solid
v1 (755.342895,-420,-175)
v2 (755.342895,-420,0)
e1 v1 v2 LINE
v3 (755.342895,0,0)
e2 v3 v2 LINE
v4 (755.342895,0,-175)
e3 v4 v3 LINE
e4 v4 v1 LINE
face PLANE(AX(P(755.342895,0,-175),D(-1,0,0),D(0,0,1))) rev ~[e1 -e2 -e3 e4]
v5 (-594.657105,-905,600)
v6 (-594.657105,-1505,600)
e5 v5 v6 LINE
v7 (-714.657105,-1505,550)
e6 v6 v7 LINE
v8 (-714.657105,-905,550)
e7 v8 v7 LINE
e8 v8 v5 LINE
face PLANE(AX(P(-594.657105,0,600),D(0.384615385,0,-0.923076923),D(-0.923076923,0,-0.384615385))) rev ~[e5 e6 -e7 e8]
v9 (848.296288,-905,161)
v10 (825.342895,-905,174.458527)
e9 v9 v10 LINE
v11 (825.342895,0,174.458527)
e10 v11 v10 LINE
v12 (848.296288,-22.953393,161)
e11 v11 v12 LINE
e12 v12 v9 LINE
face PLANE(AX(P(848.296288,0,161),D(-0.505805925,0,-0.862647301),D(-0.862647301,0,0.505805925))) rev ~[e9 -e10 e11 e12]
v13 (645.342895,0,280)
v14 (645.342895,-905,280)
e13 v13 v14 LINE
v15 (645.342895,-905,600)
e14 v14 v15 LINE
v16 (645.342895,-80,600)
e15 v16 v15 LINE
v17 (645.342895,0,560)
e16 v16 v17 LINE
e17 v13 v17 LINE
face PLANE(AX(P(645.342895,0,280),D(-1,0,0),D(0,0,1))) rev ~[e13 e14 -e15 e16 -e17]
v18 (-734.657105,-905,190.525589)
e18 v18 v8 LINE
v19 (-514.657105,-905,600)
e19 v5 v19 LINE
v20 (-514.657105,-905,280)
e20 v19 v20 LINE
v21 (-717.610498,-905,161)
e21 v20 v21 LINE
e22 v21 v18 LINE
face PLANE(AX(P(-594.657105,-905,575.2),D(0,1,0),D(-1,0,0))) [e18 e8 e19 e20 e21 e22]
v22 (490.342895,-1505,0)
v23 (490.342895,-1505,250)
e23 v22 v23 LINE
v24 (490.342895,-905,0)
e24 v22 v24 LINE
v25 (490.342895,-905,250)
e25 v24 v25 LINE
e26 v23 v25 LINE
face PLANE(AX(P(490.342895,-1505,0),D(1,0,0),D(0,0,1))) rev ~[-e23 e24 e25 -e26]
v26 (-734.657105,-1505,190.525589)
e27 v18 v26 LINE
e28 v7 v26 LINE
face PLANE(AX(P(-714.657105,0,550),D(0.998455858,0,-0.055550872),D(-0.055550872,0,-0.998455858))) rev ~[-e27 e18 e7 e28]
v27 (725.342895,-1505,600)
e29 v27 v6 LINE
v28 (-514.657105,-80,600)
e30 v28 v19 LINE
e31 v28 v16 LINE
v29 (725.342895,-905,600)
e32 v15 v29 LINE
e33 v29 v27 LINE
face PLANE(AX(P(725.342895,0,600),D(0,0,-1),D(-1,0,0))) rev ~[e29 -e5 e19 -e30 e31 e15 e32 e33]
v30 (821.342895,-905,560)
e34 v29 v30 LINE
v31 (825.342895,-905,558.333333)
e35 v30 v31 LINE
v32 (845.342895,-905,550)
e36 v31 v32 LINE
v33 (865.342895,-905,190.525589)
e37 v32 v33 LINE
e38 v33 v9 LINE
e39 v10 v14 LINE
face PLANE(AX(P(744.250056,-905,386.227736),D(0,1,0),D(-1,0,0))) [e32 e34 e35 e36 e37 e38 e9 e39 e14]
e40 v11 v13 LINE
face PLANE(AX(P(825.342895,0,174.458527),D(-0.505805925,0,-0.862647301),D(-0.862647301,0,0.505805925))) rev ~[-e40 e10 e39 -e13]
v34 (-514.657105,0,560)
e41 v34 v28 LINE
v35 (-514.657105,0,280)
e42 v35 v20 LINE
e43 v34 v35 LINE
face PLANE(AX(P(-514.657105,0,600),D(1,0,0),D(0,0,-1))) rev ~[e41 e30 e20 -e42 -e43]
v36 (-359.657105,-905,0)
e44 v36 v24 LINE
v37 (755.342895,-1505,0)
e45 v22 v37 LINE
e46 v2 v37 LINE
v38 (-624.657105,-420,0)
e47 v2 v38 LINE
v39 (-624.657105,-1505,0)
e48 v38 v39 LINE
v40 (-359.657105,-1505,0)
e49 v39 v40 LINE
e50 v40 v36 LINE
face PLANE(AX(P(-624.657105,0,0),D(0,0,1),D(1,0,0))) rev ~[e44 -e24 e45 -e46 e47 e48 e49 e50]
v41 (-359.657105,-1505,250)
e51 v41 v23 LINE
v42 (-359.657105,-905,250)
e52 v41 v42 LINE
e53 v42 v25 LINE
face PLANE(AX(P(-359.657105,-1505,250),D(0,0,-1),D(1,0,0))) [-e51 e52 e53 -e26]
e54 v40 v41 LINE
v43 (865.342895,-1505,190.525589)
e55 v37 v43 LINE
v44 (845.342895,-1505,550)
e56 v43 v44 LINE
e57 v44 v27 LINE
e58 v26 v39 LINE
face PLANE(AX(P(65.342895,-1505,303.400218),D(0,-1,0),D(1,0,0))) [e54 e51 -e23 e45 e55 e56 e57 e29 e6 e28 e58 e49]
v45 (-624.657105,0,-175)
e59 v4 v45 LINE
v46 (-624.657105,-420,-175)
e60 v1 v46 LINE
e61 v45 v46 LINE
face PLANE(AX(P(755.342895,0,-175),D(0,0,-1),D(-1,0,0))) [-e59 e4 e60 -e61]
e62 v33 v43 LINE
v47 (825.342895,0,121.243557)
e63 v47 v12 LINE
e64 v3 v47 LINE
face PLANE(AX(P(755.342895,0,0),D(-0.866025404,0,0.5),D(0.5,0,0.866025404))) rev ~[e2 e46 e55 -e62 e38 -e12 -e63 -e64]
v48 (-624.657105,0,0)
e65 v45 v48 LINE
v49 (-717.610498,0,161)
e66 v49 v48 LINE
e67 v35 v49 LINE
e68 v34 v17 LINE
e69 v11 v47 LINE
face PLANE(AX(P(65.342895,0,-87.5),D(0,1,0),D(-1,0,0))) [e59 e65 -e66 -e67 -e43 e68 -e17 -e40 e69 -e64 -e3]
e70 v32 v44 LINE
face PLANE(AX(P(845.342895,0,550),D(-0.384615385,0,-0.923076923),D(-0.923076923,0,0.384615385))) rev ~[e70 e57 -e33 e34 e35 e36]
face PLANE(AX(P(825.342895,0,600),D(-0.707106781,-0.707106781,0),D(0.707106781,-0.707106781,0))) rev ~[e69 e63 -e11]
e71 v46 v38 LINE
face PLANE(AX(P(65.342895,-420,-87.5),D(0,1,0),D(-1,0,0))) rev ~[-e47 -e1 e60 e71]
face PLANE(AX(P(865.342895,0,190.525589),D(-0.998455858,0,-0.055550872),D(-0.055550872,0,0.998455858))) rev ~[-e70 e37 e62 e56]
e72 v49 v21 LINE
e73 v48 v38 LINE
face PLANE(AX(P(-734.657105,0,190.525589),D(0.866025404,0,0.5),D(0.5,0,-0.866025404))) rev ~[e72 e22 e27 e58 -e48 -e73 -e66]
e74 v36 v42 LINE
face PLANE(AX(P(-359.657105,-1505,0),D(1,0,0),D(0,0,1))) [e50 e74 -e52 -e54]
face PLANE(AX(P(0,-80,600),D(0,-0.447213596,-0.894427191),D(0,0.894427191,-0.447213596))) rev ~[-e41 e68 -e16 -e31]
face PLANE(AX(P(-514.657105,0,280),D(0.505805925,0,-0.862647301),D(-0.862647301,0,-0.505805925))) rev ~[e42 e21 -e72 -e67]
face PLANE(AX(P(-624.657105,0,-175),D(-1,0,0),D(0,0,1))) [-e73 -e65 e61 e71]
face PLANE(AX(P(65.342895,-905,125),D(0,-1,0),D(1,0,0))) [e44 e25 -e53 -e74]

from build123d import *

# Parameters (mm, degrees)
F1_DEPTH      = 1505
F3_DEPTH      = 734.6581049648
F3_DEPTH_BACK = 865.3438950352
F5_DEPTH      = 600.001
F6_W          = 850
F6_H          = 250
F7_DEPTH      = 600
F9_DEPTH      = 905
F10_W         = 1380
F10_H         = 175
F11_DEPTH     = 420


with BuildPart() as f1:
    # F0 (on Front) → F1 (new body)
    with BuildSketch(Plane.XZ):
        Polygon((-734.6571049648, 190.5255888326), (-624.6571049648, 0), (755.3428950352, 0), (865.3428950352, 190.5255888326), (845.3428950352, 550), (725.3428950352, 600), (-594.6571049648, 600), (-714.6571049648, 550), align=None)
    extrude(amount=F1_DEPTH)

    # F2 (on Right) → F3 (cut, two sides)
    with BuildSketch(Plane.YZ) as f3_sk:
        Polygon((0, 600), (-80, 600), (0, 560), align=None)
    extrude(amount=-F3_DEPTH, mode=Mode.SUBTRACT)
    extrude(f3_sk.sketch, amount=F3_DEPTH_BACK, mode=Mode.SUBTRACT)

    # F4 (on face) → F5 (cut, through all)
    with BuildSketch(Plane.XY.offset(600)):
        Polygon((865.3428950352, 0), (825.3428950352, 0), (865.3428950352, -40), align=None)
    extrude(amount=-F5_DEPTH, mode=Mode.SUBTRACT)

    # F6 (on face) → F7 (cut)
    with BuildSketch(Plane.XZ.offset(1505)):
        with Locations((65.3428950352, 125)):
            Rectangle(F6_W, F6_H)
    extrude(amount=-F7_DEPTH, mode=Mode.SUBTRACT)

    # F8 (on face) → F9 (cut)
    with BuildSketch(Plane(origin=(0, 0, 0), x_dir=(-1, 0, 0), z_dir=(0, 1, 0))):
        Polygon((514.6571049648, 600), (514.6571049648, 560), (690.6571049648, 560), (594.6571049648, 600), align=None)
        Polygon((514.6571049648, 560), (514.6571049648, 280), (717.6104983043, 161), (734.6571049648, 190.5255888326), (714.6571049648, 550), (690.6571049648, 560), align=None)
        Polygon((-645.3428950352, 280), (-645.3428950352, 560), (-821.3428950352, 560), (-825.3428950352, 558.3333333333), (-825.3428950352, 174.4585274109), align=None)
        Polygon((-821.3428950352, 560), (-645.3428950352, 560), (-645.3428950352, 600), (-725.3428950352, 600), align=None)
        Polygon((-848.2962883747, 161), (-825.3428950352, 174.4585274109), (-825.3428950352, 558.3333333333), (-845.3428950352, 550), (-865.3428950352, 190.5255888326), align=None)
    extrude(amount=-F9_DEPTH, mode=Mode.SUBTRACT)

    # F10 (on face) → F11 (join)
    with BuildSketch(Plane(origin=(0, 0, 0), x_dir=(-1, 0, 0), z_dir=(0, 1, 0))):
        with Locations((-65.3428950352, -87.5)):
            Rectangle(F10_W, F10_H)
    extrude(amount=-F11_DEPTH)


solid = f1.part
